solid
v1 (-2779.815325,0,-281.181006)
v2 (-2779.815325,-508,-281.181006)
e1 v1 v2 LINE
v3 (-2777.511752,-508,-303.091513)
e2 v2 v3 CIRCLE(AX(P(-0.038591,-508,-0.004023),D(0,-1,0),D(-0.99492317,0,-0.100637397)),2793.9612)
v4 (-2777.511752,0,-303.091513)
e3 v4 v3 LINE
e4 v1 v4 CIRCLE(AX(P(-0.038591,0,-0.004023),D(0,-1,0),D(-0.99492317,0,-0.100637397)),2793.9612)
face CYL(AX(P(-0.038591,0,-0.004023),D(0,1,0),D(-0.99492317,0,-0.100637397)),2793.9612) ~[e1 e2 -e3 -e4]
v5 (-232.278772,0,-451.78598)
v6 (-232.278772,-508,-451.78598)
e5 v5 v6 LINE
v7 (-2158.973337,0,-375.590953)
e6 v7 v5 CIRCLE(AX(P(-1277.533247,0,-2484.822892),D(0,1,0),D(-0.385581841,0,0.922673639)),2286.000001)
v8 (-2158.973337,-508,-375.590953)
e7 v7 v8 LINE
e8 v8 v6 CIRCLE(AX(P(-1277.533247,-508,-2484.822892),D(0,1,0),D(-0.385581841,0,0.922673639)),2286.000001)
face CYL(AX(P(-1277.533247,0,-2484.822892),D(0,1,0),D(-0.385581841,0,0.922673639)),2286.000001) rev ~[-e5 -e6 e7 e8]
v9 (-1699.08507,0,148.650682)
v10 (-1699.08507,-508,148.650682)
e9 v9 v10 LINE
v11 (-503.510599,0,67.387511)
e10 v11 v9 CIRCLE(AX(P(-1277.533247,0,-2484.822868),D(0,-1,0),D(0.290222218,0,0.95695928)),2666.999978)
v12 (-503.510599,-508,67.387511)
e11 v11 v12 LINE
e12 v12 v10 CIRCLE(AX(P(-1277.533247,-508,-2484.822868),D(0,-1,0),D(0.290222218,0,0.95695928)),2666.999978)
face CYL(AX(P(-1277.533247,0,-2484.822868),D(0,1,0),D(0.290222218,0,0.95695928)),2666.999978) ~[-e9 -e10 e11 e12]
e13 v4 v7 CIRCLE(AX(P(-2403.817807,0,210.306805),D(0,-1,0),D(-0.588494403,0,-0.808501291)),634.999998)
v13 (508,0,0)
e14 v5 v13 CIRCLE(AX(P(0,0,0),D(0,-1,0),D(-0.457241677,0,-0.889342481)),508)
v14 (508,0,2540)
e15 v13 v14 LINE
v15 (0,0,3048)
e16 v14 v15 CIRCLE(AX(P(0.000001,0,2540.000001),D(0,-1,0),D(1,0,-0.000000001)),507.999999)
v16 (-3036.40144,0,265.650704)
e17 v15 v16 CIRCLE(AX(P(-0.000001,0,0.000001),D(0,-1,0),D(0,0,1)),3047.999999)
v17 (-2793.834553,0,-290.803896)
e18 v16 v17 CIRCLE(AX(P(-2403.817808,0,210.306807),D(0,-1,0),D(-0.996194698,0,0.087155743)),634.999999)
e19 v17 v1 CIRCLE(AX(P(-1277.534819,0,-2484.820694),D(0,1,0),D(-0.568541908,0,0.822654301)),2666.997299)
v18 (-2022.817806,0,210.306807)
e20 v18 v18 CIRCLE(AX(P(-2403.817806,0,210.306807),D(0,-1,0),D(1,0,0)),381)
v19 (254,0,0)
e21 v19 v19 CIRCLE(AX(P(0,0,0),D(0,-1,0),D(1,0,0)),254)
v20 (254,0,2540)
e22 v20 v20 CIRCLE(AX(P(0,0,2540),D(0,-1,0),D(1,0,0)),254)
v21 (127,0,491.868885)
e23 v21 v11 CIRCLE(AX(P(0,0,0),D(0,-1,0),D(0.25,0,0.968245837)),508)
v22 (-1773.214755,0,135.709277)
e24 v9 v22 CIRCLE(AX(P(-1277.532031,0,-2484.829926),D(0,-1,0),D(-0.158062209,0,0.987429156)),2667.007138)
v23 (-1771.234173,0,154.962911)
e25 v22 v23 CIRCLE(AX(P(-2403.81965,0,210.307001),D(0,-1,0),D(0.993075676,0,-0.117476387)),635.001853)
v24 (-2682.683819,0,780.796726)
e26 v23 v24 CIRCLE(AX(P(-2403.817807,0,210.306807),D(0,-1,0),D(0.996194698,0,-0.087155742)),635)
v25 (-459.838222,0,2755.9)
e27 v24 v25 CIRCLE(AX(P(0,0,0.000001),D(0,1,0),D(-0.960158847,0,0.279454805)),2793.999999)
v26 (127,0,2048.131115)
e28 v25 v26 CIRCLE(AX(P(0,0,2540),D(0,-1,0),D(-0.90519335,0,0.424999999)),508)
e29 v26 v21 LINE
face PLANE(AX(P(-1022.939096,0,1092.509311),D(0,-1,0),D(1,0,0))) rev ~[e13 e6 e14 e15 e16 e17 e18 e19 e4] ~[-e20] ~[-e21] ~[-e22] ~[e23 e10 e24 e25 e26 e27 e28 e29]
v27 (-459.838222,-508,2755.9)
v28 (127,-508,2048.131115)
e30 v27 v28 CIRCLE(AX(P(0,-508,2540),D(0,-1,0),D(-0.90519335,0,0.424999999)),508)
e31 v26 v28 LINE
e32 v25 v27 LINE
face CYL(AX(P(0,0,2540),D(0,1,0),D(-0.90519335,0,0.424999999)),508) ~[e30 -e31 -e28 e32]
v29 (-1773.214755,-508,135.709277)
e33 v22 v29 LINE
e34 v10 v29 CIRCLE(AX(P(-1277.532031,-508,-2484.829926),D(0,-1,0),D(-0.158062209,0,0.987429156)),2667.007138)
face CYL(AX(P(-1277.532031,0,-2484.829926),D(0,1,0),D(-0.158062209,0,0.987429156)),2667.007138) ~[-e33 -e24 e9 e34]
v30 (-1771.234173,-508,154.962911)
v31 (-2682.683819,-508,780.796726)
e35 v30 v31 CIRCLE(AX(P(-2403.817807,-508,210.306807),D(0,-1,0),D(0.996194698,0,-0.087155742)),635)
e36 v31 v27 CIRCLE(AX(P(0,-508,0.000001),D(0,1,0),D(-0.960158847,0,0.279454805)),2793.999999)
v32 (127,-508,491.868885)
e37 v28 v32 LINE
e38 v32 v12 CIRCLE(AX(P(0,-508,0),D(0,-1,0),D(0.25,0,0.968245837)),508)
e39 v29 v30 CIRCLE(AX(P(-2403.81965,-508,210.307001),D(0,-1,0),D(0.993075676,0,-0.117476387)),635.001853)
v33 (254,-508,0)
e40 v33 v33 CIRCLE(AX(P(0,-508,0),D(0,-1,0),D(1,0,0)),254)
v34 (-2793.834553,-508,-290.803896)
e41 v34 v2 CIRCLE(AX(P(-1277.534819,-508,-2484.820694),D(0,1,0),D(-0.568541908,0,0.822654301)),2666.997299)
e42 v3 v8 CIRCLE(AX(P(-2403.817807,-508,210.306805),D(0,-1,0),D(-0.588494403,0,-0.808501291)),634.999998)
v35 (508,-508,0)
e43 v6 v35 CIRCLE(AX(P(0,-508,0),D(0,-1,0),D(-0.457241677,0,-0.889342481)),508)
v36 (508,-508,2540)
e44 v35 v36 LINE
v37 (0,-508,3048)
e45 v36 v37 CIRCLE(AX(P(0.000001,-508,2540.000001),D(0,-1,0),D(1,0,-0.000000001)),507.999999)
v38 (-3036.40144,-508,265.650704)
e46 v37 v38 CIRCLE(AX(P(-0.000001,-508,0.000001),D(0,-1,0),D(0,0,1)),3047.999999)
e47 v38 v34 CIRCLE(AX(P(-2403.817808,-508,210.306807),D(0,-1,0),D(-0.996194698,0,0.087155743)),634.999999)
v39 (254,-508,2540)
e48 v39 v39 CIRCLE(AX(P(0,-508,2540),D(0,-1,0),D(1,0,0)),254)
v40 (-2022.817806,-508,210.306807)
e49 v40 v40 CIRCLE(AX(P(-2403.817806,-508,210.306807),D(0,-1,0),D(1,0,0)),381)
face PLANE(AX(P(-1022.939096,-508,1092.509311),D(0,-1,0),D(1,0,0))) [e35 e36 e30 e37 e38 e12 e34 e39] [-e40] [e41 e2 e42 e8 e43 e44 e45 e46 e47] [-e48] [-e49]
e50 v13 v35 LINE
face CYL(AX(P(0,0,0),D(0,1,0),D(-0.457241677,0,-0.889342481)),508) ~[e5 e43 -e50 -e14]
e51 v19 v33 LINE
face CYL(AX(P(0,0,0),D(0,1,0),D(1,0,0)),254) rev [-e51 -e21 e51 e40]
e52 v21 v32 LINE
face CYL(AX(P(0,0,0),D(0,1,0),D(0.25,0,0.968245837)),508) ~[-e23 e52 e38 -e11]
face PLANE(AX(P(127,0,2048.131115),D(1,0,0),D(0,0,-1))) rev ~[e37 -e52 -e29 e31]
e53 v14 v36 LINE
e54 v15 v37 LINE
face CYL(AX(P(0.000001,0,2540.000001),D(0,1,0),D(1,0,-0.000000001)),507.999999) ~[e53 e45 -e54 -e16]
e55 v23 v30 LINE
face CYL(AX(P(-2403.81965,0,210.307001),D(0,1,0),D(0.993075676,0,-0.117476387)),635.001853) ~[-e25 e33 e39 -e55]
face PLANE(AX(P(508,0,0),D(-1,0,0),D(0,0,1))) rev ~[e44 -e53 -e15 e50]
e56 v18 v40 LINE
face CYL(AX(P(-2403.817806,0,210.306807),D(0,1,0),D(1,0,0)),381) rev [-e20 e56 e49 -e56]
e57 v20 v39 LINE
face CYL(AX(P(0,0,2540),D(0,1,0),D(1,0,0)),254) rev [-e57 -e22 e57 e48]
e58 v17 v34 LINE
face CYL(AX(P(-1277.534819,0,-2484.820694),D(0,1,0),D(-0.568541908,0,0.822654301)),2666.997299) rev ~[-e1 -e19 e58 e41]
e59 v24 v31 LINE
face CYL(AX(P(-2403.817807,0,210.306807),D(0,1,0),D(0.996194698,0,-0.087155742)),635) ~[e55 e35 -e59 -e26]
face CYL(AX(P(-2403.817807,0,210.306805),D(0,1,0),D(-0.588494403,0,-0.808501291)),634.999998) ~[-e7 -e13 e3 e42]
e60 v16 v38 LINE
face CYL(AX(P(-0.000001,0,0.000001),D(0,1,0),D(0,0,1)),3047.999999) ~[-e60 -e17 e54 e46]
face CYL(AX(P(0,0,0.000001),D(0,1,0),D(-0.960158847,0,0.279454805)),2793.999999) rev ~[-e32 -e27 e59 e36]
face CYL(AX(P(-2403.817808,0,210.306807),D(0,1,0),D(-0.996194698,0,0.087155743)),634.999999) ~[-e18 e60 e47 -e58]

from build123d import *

# Parameters (mm, degrees)
F0_R     = 381
F0_R_2   = 254
F1_DEPTH = 508


with BuildPart() as f1:
    # F0 (on Front) → F1 (new body)
    with BuildSketch(Plane.XZ):
        with BuildLine():
            ThreePointArc((-2158.973337, -375.590953), (-1187.199374, -200.608411), (-232.278772, -451.78598))
            ThreePointArc((-232.278772, -451.78598), (264.63785, -433.625193), (508, 0))
            Line((508, 0), (508, 2540))
            ThreePointArc((508, 2540), (359.210245, 2899.210245), (0, 3048))
            ThreePointArc((0, 3048), (-2059.198953, 2247.221323), (-3036.40144, 265.650704))
            ThreePointArc((-3036.40144, 265.650704), (-2985.916007, -43.438508), (-2793.834553, -290.803896))
            ThreePointArc((-2793.834553, -290.803896), (-2786.832608, -285.981278), (-2779.815325, -281.181006))
            ThreePointArc((-2779.815325, -281.181006), (-2778.685135, -292.13853), (-2777.511752, -303.091513))
            ThreePointArc((-2777.511752, -303.091513), (-2477.740666, -420.375689), (-2158.973337, -375.590953))
        make_face()
        with Locations((-2403.817806, 210.306807)):
            Circle(F0_R, mode=Mode.SUBTRACT)
        Circle(F0_R_2, mode=Mode.SUBTRACT)
        with BuildLine():
            Line((127, 2048.131115), (127, 491.868885))
            ThreePointArc((127, 491.868885), (-283.700841, 421.399849), (-503.510599, 67.387511))
            ThreePointArc((-503.510599, 67.387511), (-1096.67461, 176.037713), (-1699.08507, 148.650682))
            ThreePointArc((-1699.08507, 148.650682), (-1736.195558, 142.441443), (-1773.214755, 135.709277))
            ThreePointArc((-1773.214755, 135.709277), (-1772.151102, 145.328547), (-1771.234173, 154.962911))
            ThreePointArc((-1771.234173, 154.962911), (-2044.379314, 733.784572), (-2682.683819, 780.796726))
            ThreePointArc((-2682.683819, 780.796726), (-1855.833891, 2088.615946), (-459.838222, 2755.9))
            ThreePointArc((-459.838222, 2755.9), (-391.06204, 2215.755523), (127, 2048.131115))
        make_face(mode=Mode.SUBTRACT)
        with Locations((0, 2540)):
            Circle(F0_R_2, mode=Mode.SUBTRACT)
    extrude(amount=F1_DEPTH)


solid = f1.part
